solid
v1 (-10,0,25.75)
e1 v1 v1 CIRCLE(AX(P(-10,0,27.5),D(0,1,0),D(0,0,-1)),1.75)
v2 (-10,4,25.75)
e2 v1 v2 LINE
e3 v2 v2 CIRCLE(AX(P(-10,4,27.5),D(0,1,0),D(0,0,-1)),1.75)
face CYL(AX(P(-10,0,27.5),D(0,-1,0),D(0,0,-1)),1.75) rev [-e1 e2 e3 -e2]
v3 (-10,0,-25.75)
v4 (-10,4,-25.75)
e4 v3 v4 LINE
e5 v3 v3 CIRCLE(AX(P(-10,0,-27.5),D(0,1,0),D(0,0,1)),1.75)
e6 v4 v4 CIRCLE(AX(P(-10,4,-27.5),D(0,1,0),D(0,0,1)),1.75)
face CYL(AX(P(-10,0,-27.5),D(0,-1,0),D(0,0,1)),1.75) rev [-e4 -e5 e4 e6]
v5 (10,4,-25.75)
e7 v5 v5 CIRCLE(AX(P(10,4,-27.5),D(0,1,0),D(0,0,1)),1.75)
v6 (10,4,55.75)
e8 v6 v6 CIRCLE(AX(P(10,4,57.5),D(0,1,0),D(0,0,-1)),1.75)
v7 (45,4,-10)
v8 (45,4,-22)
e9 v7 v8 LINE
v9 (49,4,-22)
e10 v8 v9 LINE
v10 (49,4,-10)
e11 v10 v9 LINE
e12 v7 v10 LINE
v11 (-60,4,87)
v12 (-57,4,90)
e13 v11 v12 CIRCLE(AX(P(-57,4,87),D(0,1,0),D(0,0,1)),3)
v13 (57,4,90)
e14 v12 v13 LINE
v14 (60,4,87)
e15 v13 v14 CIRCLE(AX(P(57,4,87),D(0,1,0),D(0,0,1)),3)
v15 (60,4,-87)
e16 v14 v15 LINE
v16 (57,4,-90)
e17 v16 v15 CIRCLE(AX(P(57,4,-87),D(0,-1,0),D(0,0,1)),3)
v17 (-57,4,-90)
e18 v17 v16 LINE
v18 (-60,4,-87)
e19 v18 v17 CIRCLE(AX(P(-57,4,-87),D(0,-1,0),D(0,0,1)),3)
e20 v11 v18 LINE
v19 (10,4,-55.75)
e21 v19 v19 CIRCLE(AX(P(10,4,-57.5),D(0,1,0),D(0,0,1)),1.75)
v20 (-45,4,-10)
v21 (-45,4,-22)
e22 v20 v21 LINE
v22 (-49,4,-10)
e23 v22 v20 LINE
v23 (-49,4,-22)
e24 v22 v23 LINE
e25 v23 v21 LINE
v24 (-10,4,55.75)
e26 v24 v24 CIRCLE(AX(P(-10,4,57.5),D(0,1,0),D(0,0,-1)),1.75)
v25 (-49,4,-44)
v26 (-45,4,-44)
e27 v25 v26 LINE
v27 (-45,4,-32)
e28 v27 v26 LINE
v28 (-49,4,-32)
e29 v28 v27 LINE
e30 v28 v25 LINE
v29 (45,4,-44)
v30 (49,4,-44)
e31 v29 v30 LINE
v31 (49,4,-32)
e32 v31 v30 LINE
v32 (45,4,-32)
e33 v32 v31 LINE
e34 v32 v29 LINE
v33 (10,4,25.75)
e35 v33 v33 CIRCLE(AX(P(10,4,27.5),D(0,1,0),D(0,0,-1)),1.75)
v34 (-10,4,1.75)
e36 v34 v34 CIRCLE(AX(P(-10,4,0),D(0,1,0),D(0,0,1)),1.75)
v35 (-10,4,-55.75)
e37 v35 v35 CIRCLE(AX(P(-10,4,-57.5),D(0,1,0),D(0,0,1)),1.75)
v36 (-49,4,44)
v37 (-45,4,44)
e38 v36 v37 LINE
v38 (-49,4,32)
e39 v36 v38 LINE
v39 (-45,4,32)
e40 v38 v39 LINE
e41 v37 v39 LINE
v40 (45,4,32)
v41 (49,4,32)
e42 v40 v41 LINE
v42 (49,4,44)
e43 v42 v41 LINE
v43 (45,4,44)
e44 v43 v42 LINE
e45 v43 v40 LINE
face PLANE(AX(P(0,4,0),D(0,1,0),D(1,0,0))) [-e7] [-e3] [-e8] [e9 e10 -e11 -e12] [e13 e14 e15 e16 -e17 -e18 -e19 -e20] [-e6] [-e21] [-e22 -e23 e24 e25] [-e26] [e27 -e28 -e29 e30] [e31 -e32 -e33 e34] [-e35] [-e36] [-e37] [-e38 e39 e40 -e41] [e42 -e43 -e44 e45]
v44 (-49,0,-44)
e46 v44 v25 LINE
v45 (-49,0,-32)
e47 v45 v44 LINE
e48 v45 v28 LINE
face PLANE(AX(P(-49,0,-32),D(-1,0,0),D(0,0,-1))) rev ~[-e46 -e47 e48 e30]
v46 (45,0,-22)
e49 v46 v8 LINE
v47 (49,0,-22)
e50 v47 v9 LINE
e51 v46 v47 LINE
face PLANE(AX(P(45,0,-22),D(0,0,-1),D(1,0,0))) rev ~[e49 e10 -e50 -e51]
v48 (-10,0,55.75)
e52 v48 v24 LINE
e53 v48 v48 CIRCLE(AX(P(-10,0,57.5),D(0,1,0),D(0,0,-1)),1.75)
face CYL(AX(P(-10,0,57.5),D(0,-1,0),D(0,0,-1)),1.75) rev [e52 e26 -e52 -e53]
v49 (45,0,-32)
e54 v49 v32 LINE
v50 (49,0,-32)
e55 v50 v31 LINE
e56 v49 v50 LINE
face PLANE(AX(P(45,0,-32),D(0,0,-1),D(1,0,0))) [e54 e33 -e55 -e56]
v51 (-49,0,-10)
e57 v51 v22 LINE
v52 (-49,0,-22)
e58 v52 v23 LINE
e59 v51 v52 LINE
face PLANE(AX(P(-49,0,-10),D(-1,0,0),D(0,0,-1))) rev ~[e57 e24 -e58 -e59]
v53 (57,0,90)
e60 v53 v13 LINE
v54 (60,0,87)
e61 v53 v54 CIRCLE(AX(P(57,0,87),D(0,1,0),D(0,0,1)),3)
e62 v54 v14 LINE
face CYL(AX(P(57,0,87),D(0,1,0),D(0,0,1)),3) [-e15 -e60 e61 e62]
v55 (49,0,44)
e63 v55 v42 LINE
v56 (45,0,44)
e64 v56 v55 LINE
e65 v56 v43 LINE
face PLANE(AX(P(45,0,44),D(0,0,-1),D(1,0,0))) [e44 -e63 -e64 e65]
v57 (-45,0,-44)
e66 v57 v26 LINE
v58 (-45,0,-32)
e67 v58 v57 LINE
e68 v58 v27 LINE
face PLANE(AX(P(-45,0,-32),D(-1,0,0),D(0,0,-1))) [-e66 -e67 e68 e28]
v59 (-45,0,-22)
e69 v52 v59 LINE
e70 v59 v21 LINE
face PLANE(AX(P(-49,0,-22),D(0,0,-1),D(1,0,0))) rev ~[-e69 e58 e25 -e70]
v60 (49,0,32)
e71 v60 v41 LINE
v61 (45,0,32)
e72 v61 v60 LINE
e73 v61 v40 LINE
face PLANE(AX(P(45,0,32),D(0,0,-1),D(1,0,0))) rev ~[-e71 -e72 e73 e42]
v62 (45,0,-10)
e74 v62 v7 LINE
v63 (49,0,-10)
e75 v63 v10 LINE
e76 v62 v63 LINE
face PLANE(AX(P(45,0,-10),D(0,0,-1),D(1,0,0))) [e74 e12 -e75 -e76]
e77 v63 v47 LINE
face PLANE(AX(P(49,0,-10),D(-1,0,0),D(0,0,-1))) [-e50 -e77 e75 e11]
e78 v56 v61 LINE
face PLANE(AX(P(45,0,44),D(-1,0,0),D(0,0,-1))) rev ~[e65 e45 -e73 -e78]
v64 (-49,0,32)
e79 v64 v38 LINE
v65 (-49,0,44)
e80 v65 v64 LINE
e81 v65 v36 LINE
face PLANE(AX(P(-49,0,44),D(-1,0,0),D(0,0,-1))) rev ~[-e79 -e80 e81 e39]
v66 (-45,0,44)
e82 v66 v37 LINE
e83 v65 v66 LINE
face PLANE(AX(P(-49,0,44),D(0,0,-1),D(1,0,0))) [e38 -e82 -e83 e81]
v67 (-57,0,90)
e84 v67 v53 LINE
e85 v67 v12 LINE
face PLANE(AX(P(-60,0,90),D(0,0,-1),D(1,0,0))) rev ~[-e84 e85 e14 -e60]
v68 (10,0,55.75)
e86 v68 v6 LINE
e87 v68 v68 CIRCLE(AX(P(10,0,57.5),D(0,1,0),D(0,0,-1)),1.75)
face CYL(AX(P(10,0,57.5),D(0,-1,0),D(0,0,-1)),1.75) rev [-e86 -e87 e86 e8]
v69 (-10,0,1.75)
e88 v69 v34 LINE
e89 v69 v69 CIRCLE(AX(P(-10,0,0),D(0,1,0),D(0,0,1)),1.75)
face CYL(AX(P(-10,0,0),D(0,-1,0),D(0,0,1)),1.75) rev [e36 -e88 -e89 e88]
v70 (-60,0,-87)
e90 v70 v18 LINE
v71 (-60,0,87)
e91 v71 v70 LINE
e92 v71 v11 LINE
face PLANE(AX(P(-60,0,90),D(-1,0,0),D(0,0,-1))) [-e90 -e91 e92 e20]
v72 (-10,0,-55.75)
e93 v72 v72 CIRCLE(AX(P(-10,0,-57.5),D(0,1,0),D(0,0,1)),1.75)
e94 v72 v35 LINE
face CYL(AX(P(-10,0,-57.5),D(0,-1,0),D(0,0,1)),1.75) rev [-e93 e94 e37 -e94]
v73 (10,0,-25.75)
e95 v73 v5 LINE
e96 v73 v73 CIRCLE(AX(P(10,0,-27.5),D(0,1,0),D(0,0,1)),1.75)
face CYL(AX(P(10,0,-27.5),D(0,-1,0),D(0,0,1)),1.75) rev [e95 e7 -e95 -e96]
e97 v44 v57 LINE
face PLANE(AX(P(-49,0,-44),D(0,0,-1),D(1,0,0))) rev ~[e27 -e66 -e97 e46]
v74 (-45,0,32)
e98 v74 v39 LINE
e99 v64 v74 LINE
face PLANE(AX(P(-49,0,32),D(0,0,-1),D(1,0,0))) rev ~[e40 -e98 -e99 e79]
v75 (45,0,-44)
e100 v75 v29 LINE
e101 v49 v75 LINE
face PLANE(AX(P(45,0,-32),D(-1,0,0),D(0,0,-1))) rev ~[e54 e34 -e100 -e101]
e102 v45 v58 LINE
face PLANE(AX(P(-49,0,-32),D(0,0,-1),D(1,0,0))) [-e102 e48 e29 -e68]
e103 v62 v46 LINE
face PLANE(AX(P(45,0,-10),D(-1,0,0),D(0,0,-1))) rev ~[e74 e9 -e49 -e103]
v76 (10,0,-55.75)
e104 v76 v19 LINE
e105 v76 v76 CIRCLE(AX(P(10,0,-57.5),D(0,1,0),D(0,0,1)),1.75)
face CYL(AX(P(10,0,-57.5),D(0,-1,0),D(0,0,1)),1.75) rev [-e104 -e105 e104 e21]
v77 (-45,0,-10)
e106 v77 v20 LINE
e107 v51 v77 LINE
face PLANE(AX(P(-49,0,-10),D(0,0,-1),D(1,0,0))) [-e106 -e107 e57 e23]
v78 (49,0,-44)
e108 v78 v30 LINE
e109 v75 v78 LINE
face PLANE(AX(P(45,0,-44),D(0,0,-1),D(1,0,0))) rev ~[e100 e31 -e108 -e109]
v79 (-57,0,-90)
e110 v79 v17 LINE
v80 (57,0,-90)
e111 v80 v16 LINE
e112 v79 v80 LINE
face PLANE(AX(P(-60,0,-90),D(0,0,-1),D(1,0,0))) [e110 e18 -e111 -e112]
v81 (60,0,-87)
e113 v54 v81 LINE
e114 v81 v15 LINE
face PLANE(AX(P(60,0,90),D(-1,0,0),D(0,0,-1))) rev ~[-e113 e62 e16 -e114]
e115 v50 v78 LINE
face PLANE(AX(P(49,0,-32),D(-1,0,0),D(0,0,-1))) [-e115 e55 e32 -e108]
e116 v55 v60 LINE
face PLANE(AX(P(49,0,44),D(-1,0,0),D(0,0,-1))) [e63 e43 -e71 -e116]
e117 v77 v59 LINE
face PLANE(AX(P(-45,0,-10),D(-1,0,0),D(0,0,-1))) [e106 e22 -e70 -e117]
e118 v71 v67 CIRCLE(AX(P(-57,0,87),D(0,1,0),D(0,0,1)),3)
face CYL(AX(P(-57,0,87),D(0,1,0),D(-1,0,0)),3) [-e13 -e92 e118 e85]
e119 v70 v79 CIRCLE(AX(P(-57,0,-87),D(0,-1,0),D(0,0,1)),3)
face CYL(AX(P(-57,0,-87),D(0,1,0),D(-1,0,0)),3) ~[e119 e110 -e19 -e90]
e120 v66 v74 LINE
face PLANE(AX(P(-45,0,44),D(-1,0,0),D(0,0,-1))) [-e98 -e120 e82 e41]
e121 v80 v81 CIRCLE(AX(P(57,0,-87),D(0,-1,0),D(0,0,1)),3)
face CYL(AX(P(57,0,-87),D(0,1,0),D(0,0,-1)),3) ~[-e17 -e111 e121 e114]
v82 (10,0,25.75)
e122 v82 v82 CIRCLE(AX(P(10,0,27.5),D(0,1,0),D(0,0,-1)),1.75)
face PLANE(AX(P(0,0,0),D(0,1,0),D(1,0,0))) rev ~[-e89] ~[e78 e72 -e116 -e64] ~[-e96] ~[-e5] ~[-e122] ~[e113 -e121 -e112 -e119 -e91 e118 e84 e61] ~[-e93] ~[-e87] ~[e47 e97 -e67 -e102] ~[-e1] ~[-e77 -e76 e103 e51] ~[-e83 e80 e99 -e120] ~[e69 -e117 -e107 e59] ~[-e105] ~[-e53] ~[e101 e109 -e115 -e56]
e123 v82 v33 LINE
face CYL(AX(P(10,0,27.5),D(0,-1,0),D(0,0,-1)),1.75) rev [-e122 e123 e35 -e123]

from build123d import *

# Parameters (mm, degrees)
SKETCH1_W           = 120
SKETCH1_H           = 180
SKETCH1_R           = 1.75
SKETCH1_W_2         = 4
SKETCH1_H_2         = 12
BOSS_EXTRUDE1_DEPTH = 4
FILLET1_R           = 3


with BuildPart() as part:
    # Sketch1 → Boss-Extrude1 (new body)
    with BuildSketch(Plane(origin=(0, 0, 0), x_dir=(1, 0, 0), z_dir=(0, 1, 0))):
        Rectangle(SKETCH1_W, SKETCH1_H)
        with Locations(Location((-10, 57.5, 0), (0, 0, 270))):
            Circle(SKETCH1_R, mode=Mode.SUBTRACT)
        with Locations(Location((10, 57.5, 0), (0, 0, 270))):
            Circle(SKETCH1_R, mode=Mode.SUBTRACT)
        with Locations(Location((10, 27.5, 0), (0, 0, 270))):
            Circle(SKETCH1_R, mode=Mode.SUBTRACT)
        with Locations(Location((-10, 27.5, 0), (0, 0, 270))):
            Circle(SKETCH1_R, mode=Mode.SUBTRACT)
        with Locations(Location((10, -27.5, 0), (0, 0, 90))):
            Circle(SKETCH1_R, mode=Mode.SUBTRACT)
        with Locations(Location((-10, -27.5, 0), (0, 0, 90))):
            Circle(SKETCH1_R, mode=Mode.SUBTRACT)
        with Locations(Location((10, -57.5, 0), (0, 0, 90))):
            Circle(SKETCH1_R, mode=Mode.SUBTRACT)
        with Locations(Location((-10, -57.5, 0), (0, 0, 90))):
            Circle(SKETCH1_R, mode=Mode.SUBTRACT)
        with Locations(Location((-10, 0, 0), (0, 0, 270))):
            Circle(SKETCH1_R, mode=Mode.SUBTRACT)
        with Locations((-47, 16)):
            Rectangle(SKETCH1_W_2, SKETCH1_H_2, mode=Mode.SUBTRACT)
        with Locations((-47, 38)):
            Rectangle(SKETCH1_W_2, SKETCH1_H_2, mode=Mode.SUBTRACT)
        with Locations((-47, -38)):
            Rectangle(SKETCH1_W_2, SKETCH1_H_2, mode=Mode.SUBTRACT)
        with Locations((47, -38)):
            Rectangle(SKETCH1_W_2, SKETCH1_H_2, mode=Mode.SUBTRACT)
        with Locations((47, 16)):
            Rectangle(SKETCH1_W_2, SKETCH1_H_2, mode=Mode.SUBTRACT)
        with Locations((47, 38)):
            Rectangle(SKETCH1_W_2, SKETCH1_H_2, mode=Mode.SUBTRACT)
    extrude(amount=BOSS_EXTRUDE1_DEPTH)

    # Fillet1
    fillet1_edges = [part.edges().sort_by_distance(p)[0] for p in [
        (60, 2, 90),
        (-60, 2, 90),
        (-60, 2, -90),
        (60, 2, -90),
    ]]
    fillet(fillet1_edges, radius=FILLET1_R)


solid = part.part
